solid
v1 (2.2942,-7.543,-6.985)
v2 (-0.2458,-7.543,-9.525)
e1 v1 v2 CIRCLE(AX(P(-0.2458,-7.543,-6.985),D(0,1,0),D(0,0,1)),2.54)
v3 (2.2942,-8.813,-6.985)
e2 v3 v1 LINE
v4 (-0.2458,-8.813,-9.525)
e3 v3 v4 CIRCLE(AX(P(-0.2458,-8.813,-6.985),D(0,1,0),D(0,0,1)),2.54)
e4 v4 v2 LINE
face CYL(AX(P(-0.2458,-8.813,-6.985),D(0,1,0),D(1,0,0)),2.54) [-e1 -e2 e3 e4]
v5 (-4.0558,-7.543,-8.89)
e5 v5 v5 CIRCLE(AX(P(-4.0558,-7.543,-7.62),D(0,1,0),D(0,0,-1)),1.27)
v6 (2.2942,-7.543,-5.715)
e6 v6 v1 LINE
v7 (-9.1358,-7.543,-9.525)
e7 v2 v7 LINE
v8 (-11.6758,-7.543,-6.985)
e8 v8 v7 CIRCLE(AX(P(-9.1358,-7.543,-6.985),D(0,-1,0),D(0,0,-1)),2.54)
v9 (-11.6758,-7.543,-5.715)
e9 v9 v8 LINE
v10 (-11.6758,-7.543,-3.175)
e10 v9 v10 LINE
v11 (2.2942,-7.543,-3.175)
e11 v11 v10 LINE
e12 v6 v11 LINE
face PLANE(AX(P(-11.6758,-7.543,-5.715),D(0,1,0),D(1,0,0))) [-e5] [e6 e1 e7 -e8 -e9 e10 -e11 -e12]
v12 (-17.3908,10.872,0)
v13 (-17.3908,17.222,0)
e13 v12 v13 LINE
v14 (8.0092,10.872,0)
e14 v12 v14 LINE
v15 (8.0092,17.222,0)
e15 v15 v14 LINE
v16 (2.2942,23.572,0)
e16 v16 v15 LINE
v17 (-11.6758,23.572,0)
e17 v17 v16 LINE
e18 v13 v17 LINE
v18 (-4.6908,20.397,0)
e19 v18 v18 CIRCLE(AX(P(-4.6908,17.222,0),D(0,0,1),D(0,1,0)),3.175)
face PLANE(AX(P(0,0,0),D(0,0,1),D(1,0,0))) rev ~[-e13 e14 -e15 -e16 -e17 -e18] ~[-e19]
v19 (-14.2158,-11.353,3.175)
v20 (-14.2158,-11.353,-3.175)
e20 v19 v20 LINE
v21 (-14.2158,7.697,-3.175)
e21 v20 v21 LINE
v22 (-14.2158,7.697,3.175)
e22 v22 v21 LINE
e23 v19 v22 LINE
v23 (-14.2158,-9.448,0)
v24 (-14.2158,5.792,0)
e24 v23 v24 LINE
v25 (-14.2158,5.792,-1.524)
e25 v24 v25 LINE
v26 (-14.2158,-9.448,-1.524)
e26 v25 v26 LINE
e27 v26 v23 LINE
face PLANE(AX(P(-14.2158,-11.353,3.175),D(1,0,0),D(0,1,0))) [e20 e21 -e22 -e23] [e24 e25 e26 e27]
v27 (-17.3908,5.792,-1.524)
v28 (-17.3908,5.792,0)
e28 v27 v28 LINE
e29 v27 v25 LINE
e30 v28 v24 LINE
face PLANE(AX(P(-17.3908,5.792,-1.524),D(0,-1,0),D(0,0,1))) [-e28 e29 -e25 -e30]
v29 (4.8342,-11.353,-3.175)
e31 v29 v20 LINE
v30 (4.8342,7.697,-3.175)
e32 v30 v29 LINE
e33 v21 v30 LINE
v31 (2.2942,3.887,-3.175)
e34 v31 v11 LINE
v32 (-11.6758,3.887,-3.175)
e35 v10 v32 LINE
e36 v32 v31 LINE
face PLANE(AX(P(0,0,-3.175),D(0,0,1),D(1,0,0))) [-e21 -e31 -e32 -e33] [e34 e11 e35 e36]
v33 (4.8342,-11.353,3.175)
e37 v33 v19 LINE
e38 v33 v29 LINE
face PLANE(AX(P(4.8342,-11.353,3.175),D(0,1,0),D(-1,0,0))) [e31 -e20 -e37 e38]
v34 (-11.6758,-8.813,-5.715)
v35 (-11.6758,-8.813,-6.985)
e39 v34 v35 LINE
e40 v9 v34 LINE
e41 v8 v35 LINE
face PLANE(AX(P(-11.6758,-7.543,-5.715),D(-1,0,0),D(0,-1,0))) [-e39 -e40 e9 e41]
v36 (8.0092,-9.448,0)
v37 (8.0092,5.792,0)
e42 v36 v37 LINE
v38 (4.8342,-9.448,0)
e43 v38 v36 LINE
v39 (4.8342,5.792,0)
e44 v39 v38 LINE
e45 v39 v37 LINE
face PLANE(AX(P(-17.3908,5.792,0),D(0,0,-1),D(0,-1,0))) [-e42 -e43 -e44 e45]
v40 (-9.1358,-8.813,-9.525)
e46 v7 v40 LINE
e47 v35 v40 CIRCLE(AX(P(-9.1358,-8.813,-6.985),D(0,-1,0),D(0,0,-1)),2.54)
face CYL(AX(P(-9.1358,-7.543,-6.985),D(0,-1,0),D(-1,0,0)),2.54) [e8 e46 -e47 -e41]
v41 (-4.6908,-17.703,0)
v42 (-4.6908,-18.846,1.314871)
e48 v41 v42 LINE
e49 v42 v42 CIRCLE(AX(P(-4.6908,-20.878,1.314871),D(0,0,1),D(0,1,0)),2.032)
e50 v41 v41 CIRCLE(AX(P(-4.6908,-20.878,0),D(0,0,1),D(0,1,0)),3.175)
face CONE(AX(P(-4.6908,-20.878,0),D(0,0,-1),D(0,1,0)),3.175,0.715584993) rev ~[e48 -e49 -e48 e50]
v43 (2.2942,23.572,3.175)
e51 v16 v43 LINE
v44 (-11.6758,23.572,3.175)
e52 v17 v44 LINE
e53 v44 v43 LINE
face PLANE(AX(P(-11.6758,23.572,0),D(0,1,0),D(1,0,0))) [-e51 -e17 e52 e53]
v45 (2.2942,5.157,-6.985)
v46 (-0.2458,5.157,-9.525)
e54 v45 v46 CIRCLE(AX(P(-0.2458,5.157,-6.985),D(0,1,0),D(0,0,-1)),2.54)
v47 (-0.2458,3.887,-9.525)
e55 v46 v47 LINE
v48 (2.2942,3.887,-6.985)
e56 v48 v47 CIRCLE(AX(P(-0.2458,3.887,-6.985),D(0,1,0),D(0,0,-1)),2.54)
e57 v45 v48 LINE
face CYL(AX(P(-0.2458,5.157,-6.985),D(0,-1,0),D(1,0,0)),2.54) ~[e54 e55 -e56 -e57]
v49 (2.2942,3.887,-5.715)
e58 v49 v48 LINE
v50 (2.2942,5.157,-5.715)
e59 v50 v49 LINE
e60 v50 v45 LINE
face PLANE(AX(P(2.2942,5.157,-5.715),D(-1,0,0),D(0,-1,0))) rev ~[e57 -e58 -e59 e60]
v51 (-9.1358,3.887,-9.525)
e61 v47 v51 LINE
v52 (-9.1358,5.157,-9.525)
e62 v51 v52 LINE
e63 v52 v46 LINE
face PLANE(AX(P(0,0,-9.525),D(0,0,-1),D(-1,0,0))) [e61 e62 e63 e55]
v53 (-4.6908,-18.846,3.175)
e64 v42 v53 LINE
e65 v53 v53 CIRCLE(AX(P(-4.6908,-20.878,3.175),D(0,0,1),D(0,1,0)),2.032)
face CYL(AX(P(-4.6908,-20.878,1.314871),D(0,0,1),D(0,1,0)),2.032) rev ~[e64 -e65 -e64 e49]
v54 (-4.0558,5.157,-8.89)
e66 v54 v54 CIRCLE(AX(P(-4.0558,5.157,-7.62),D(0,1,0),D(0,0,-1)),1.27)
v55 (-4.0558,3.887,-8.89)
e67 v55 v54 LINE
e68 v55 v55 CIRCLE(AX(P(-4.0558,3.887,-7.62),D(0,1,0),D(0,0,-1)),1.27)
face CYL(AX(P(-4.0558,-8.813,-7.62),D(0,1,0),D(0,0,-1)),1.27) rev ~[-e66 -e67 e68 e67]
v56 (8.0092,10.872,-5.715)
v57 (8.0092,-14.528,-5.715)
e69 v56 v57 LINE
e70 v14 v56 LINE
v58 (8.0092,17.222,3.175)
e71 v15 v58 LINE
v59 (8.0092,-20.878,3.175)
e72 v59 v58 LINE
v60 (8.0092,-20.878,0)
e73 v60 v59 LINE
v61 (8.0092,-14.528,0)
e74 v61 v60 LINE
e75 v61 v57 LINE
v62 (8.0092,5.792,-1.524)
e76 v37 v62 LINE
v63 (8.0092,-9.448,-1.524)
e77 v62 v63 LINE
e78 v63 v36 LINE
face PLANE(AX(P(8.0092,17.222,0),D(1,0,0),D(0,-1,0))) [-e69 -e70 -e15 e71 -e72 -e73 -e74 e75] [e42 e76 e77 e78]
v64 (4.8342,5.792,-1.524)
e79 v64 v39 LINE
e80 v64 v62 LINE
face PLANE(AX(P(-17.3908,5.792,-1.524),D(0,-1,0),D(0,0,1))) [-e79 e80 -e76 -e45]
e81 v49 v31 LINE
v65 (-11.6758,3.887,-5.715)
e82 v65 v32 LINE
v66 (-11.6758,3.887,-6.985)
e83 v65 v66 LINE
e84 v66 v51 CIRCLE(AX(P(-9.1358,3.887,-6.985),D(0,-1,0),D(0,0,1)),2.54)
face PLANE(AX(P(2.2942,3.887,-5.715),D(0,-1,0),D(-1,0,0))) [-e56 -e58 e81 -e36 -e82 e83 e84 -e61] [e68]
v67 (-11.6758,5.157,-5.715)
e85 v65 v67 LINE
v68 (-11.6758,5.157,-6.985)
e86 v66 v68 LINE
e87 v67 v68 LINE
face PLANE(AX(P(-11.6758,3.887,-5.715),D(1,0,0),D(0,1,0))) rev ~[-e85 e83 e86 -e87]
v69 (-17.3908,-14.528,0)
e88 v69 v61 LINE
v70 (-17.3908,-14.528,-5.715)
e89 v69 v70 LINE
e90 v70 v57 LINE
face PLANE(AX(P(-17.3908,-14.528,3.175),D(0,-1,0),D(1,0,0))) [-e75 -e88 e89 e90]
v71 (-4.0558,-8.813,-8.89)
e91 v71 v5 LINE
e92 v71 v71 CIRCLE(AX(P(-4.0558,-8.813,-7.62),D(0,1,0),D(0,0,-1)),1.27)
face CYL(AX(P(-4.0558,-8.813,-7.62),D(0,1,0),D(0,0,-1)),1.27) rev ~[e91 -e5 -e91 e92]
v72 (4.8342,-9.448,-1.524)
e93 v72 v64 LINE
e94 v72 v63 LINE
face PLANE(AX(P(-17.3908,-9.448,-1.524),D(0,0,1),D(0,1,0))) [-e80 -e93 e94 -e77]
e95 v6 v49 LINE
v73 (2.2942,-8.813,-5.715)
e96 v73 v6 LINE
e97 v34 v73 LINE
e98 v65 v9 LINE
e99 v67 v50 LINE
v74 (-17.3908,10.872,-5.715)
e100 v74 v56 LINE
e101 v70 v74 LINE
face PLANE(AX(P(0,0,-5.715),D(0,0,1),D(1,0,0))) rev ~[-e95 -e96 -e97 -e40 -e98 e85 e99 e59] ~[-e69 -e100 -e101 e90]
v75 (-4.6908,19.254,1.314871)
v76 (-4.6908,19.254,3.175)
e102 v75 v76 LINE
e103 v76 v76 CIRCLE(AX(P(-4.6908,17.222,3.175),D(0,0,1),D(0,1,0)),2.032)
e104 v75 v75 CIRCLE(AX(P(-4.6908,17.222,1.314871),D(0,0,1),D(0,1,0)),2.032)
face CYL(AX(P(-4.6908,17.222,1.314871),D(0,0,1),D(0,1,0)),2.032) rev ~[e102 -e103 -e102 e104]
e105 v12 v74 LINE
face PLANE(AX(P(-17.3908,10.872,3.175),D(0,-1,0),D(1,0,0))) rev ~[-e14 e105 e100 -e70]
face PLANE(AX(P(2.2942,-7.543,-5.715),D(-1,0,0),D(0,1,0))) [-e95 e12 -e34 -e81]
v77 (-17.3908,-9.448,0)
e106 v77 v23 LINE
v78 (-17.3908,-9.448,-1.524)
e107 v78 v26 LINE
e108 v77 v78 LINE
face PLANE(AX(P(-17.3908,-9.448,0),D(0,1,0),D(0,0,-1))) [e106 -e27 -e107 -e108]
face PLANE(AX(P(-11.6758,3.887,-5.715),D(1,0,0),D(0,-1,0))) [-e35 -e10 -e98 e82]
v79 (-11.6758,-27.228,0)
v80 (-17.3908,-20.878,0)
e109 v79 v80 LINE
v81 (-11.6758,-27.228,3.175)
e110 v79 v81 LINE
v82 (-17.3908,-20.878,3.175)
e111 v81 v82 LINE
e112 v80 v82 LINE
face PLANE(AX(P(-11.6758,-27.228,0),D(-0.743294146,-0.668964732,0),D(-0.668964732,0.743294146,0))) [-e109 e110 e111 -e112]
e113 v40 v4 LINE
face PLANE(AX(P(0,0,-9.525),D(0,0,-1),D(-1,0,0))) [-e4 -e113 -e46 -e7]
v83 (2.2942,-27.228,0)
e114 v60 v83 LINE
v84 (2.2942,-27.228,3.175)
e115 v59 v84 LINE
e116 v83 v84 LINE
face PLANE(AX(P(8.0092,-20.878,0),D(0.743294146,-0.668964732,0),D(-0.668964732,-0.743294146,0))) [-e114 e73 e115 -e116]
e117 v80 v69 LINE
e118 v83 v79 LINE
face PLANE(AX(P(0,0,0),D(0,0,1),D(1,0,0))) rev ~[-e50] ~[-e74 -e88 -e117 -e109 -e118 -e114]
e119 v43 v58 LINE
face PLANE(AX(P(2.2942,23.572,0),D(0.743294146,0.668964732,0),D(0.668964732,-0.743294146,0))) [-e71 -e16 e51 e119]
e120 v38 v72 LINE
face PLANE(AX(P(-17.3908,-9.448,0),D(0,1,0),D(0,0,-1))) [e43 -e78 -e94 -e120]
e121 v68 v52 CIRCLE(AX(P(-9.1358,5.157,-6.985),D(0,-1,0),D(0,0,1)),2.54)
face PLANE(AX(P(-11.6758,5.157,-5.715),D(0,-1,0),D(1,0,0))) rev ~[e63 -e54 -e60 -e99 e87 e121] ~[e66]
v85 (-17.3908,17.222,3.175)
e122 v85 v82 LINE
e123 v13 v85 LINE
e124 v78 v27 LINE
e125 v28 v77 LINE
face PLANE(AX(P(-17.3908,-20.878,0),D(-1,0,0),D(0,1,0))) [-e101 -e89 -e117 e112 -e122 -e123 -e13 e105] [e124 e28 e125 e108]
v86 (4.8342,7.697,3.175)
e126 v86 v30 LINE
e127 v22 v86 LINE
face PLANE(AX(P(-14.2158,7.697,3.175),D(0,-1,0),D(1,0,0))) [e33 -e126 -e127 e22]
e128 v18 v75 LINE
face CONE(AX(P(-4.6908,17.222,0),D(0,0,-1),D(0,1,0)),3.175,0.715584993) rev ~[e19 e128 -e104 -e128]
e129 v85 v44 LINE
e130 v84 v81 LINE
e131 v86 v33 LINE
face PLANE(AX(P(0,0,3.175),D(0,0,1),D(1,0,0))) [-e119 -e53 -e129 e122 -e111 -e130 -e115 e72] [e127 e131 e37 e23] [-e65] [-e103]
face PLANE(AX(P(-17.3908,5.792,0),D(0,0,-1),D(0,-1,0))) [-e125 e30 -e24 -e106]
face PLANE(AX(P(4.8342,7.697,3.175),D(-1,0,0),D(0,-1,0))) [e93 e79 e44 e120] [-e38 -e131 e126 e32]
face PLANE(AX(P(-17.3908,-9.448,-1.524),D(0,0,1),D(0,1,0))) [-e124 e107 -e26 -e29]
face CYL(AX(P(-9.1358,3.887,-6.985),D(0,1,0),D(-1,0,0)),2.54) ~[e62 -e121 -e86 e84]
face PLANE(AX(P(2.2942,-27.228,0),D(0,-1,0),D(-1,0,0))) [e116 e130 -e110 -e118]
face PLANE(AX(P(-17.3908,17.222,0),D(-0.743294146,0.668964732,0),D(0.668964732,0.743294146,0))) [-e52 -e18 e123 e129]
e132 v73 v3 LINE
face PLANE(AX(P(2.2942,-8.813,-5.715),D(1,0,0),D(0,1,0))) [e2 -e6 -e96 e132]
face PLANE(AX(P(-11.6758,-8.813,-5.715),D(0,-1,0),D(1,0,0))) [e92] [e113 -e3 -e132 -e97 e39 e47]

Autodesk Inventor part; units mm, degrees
ref_plane "YZ Plane" through (0, 0, 0) normal (1, 0, 0) x (0, 1, 0)
ref_plane "XZ Plane" through (0, 0, 0) normal (0, 1, 0) x (-1, 0, 0)
ref_plane "XY Plane" through (0, 0, 0) normal (0, 0, 1) x (1, 0, 0)
sketch "Sketch1" plane through (0, 0, 0) normal (0, 0, 1) x (1, 0, 0)
  line L0 (-11.6758, 23.572) -> (2.2942, 23.572)
  line L1 (2.2942, 23.572) -> (8.0092, 17.222)
  line L2 (8.0092, 17.222) -> (8.0092, -20.878)
  line L3 (8.0092, -20.878) -> (2.2942, -27.228)
  line L4 (2.2942, -27.228) -> (-11.6758, -27.228)
  line L5 (-11.6758, -27.228) -> (-17.3908, -20.878)
  line L6 (-17.3908, -20.878) -> (-17.3908, 17.222)
  line L7 (-17.3908, 17.222) -> (-11.6758, 23.572)
  line L8 (-4.6908, 23.572) -> (-4.6908, -27.228) construction
  line L9 (-17.3908, -1.828) -> (8.0092, -1.828) construction
  dimension "d0" = 25.4
  dimension "d1" = 50.8
  dimension "d2" = 5.715
  dimension "d4" = 6.35
extrude "Extrusion1" add sketch "Sketch1" along normal blind 3.175
sketch "Sketch2" plane through (0, 0, 3.175) normal (0, 0, 1) x (1, 0, 0)
  line L0 (-17.3908, -20.878) -> (-17.3908, 17.222) projected
  line L1 (8.0092, 17.222) -> (8.0092, -20.878) projected
  line L2 (-17.3908, 10.872) -> (8.0092, 10.872)
  line L3 (-17.3908, -14.528) -> (8.0092, -14.528)
  point P0 (2.2942, -27.228)
  dimension "d11" = 25.4
  dimension "d12" = 12.7
extrude "Extrusion2" add sketch "Sketch2" against normal blind 8.89
sketch "Sketch3" plane through (0, 0, -5.715) normal (0, 0, -1) x (-1, 0, 0)
  line L0 (17.3908, -14.528) -> (-8.0092, -14.528) projected
  line L1 (-8.0092, 10.872) -> (17.3908, 10.872) projected
  line L2 (-8.0092, -14.528) -> (-8.0092, 10.872) projected
  line L3 (-2.2942, 3.887) -> (11.6758, 3.887)
  line L4 (11.6758, 3.887) -> (11.6758, -7.543)
  line L5 (11.6758, -7.543) -> (-2.2942, -7.543)
  line L6 (-2.2942, -7.543) -> (-2.2942, 3.887)
  circle A0 centre (4.6908, -1.828) radius 5.715 construction
  circle A1 centre (4.6908, -1.828) radius 12.7 construction
  dimension "d15" = 11.43
  dimension "d16" = 5.715
  dimension "d17" = 5.715
extrude "Extrusion3" cut sketch "Sketch3" against normal through all
sketch "Sketch4" plane through (0, 0, -5.715) normal (0, 0, -1) x (-1, 0, 0)
  line L0 (11.6758, 3.887) -> (11.6758, -7.543) projected
  line L1 (-2.2942, 3.887) -> (11.6758, 3.887)
  line L2 (11.6758, 3.887) -> (11.6758, 5.157)
  line L3 (11.6758, 5.157) -> (-2.2942, 5.157)
  line L4 (-2.2942, 5.157) -> (-2.2942, 3.887)
  line L5 (-2.2942, -7.543) -> (11.6758, -7.543)
  line L6 (11.6758, -7.543) -> (11.6758, -8.813)
  line L7 (11.6758, -8.813) -> (-2.2942, -8.813)
  line L8 (-2.2942, -8.813) -> (-2.2942, -7.543)
  dimension "d20" = 1.27
  dimension "d21" = 1.27
extrude "Extrusion4" add sketch "Sketch4" along normal blind 3.81
sketch "Sketch5" plane through (0, 0, 3.175) normal (0, 0, 1) x (1, 0, 0)
  line L0 (2.2942, 3.887) -> (2.2942, -7.543) projected
  line L1 (2.2942, -7.543) -> (-11.6758, -7.543) projected
  line L2 (-11.6758, -7.543) -> (-11.6758, 3.887) projected
  line L3 (-11.6758, 3.887) -> (2.2942, 3.887) projected
  line L4 (-14.2158, 7.697) -> (4.8342, 7.697)
  line L5 (4.8342, 7.697) -> (4.8342, -11.353)
  line L6 (4.8342, -11.353) -> (-14.2158, -11.353)
  line L7 (-14.2158, -11.353) -> (-14.2158, 7.697)
  point P0 (-17.3908, -20.878)
  point P1 (-11.6758, 23.572)
  dimension "d24" = 19.05
  dimension "d25" = 19.05
  dimension "d26" = 3.175
  dimension "d27" = 15.875
extrude "Extrusion5" cut sketch "Sketch5" against normal blind 6.35
sketch "Sketch6" plane through (-17.3908, -20.878, 3.175) normal (-1, 0, 0) x (0, 0, 1)
  line L0 (-4.699, 26.67) -> (-3.175, 26.67)
  line L1 (-3.175, 26.67) -> (-3.175, 11.43)
  line L2 (-3.175, 11.43) -> (-4.699, 11.43)
  line L3 (-4.699, 11.43) -> (-4.699, 26.67)
  line L4 (-3.175, 44.45) -> (0, 44.45) projected
  point P0 (0, 0)
  dimension "d30" = 15.24
  dimension "d31" = 1.524
  dimension "d32" = 3.175
  dimension "d33" = 17.78
extrude "Extrusion6" cut sketch "Sketch6" against normal through all
fillet "Fillet1" radius 2.54 4 edges at (2.2942, -8.178, -9.525) (2.2942, 4.522, -9.525) (-11.6758, 4.522, -9.525) (-11.6758, -8.178, -9.525)
sketch "Sketch7" plane through (-11.6758, -8.813, -5.715) normal (0, -1, 0) x (1, 0, 0)
  line L0 (-5.715, 5.715) -> (-5.715, 0) projected
  line L1 (0, 8.89) -> (-5.715, 8.89) projected
  point P0 (7.62, -1.905)
  dimension "d37" = 13.335
  dimension "d38" = 10.795
hole "Hole1" at (-4.0558, -8.813, -7.62) direction (0, 1, 0) diameter 2.54 end through all
sketch "Sketch8" plane through (0, 0, 0) normal (0, 0, -1) x (-1, 0, 0)
  line L0 (-8.0092, 17.222) -> (-8.0092, 10.872) projected
  line L1 (11.6758, 23.572) -> (-2.2942, 23.572) projected
  point P0 (4.6908, 17.222)
  point P1 (4.6908, -20.878)
  dimension "d46" = 12.7
  dimension "d47" = 6.35
  dimension "d48" = 38.1
hole "Hole2" at (-4.6908, 17.222, 0) at (-4.6908, -20.878, 0) direction (0, 0, 1) diameter 4.064 end through all countersink diameter 6.35 countersink angle 82
properties part number "latchbase"
